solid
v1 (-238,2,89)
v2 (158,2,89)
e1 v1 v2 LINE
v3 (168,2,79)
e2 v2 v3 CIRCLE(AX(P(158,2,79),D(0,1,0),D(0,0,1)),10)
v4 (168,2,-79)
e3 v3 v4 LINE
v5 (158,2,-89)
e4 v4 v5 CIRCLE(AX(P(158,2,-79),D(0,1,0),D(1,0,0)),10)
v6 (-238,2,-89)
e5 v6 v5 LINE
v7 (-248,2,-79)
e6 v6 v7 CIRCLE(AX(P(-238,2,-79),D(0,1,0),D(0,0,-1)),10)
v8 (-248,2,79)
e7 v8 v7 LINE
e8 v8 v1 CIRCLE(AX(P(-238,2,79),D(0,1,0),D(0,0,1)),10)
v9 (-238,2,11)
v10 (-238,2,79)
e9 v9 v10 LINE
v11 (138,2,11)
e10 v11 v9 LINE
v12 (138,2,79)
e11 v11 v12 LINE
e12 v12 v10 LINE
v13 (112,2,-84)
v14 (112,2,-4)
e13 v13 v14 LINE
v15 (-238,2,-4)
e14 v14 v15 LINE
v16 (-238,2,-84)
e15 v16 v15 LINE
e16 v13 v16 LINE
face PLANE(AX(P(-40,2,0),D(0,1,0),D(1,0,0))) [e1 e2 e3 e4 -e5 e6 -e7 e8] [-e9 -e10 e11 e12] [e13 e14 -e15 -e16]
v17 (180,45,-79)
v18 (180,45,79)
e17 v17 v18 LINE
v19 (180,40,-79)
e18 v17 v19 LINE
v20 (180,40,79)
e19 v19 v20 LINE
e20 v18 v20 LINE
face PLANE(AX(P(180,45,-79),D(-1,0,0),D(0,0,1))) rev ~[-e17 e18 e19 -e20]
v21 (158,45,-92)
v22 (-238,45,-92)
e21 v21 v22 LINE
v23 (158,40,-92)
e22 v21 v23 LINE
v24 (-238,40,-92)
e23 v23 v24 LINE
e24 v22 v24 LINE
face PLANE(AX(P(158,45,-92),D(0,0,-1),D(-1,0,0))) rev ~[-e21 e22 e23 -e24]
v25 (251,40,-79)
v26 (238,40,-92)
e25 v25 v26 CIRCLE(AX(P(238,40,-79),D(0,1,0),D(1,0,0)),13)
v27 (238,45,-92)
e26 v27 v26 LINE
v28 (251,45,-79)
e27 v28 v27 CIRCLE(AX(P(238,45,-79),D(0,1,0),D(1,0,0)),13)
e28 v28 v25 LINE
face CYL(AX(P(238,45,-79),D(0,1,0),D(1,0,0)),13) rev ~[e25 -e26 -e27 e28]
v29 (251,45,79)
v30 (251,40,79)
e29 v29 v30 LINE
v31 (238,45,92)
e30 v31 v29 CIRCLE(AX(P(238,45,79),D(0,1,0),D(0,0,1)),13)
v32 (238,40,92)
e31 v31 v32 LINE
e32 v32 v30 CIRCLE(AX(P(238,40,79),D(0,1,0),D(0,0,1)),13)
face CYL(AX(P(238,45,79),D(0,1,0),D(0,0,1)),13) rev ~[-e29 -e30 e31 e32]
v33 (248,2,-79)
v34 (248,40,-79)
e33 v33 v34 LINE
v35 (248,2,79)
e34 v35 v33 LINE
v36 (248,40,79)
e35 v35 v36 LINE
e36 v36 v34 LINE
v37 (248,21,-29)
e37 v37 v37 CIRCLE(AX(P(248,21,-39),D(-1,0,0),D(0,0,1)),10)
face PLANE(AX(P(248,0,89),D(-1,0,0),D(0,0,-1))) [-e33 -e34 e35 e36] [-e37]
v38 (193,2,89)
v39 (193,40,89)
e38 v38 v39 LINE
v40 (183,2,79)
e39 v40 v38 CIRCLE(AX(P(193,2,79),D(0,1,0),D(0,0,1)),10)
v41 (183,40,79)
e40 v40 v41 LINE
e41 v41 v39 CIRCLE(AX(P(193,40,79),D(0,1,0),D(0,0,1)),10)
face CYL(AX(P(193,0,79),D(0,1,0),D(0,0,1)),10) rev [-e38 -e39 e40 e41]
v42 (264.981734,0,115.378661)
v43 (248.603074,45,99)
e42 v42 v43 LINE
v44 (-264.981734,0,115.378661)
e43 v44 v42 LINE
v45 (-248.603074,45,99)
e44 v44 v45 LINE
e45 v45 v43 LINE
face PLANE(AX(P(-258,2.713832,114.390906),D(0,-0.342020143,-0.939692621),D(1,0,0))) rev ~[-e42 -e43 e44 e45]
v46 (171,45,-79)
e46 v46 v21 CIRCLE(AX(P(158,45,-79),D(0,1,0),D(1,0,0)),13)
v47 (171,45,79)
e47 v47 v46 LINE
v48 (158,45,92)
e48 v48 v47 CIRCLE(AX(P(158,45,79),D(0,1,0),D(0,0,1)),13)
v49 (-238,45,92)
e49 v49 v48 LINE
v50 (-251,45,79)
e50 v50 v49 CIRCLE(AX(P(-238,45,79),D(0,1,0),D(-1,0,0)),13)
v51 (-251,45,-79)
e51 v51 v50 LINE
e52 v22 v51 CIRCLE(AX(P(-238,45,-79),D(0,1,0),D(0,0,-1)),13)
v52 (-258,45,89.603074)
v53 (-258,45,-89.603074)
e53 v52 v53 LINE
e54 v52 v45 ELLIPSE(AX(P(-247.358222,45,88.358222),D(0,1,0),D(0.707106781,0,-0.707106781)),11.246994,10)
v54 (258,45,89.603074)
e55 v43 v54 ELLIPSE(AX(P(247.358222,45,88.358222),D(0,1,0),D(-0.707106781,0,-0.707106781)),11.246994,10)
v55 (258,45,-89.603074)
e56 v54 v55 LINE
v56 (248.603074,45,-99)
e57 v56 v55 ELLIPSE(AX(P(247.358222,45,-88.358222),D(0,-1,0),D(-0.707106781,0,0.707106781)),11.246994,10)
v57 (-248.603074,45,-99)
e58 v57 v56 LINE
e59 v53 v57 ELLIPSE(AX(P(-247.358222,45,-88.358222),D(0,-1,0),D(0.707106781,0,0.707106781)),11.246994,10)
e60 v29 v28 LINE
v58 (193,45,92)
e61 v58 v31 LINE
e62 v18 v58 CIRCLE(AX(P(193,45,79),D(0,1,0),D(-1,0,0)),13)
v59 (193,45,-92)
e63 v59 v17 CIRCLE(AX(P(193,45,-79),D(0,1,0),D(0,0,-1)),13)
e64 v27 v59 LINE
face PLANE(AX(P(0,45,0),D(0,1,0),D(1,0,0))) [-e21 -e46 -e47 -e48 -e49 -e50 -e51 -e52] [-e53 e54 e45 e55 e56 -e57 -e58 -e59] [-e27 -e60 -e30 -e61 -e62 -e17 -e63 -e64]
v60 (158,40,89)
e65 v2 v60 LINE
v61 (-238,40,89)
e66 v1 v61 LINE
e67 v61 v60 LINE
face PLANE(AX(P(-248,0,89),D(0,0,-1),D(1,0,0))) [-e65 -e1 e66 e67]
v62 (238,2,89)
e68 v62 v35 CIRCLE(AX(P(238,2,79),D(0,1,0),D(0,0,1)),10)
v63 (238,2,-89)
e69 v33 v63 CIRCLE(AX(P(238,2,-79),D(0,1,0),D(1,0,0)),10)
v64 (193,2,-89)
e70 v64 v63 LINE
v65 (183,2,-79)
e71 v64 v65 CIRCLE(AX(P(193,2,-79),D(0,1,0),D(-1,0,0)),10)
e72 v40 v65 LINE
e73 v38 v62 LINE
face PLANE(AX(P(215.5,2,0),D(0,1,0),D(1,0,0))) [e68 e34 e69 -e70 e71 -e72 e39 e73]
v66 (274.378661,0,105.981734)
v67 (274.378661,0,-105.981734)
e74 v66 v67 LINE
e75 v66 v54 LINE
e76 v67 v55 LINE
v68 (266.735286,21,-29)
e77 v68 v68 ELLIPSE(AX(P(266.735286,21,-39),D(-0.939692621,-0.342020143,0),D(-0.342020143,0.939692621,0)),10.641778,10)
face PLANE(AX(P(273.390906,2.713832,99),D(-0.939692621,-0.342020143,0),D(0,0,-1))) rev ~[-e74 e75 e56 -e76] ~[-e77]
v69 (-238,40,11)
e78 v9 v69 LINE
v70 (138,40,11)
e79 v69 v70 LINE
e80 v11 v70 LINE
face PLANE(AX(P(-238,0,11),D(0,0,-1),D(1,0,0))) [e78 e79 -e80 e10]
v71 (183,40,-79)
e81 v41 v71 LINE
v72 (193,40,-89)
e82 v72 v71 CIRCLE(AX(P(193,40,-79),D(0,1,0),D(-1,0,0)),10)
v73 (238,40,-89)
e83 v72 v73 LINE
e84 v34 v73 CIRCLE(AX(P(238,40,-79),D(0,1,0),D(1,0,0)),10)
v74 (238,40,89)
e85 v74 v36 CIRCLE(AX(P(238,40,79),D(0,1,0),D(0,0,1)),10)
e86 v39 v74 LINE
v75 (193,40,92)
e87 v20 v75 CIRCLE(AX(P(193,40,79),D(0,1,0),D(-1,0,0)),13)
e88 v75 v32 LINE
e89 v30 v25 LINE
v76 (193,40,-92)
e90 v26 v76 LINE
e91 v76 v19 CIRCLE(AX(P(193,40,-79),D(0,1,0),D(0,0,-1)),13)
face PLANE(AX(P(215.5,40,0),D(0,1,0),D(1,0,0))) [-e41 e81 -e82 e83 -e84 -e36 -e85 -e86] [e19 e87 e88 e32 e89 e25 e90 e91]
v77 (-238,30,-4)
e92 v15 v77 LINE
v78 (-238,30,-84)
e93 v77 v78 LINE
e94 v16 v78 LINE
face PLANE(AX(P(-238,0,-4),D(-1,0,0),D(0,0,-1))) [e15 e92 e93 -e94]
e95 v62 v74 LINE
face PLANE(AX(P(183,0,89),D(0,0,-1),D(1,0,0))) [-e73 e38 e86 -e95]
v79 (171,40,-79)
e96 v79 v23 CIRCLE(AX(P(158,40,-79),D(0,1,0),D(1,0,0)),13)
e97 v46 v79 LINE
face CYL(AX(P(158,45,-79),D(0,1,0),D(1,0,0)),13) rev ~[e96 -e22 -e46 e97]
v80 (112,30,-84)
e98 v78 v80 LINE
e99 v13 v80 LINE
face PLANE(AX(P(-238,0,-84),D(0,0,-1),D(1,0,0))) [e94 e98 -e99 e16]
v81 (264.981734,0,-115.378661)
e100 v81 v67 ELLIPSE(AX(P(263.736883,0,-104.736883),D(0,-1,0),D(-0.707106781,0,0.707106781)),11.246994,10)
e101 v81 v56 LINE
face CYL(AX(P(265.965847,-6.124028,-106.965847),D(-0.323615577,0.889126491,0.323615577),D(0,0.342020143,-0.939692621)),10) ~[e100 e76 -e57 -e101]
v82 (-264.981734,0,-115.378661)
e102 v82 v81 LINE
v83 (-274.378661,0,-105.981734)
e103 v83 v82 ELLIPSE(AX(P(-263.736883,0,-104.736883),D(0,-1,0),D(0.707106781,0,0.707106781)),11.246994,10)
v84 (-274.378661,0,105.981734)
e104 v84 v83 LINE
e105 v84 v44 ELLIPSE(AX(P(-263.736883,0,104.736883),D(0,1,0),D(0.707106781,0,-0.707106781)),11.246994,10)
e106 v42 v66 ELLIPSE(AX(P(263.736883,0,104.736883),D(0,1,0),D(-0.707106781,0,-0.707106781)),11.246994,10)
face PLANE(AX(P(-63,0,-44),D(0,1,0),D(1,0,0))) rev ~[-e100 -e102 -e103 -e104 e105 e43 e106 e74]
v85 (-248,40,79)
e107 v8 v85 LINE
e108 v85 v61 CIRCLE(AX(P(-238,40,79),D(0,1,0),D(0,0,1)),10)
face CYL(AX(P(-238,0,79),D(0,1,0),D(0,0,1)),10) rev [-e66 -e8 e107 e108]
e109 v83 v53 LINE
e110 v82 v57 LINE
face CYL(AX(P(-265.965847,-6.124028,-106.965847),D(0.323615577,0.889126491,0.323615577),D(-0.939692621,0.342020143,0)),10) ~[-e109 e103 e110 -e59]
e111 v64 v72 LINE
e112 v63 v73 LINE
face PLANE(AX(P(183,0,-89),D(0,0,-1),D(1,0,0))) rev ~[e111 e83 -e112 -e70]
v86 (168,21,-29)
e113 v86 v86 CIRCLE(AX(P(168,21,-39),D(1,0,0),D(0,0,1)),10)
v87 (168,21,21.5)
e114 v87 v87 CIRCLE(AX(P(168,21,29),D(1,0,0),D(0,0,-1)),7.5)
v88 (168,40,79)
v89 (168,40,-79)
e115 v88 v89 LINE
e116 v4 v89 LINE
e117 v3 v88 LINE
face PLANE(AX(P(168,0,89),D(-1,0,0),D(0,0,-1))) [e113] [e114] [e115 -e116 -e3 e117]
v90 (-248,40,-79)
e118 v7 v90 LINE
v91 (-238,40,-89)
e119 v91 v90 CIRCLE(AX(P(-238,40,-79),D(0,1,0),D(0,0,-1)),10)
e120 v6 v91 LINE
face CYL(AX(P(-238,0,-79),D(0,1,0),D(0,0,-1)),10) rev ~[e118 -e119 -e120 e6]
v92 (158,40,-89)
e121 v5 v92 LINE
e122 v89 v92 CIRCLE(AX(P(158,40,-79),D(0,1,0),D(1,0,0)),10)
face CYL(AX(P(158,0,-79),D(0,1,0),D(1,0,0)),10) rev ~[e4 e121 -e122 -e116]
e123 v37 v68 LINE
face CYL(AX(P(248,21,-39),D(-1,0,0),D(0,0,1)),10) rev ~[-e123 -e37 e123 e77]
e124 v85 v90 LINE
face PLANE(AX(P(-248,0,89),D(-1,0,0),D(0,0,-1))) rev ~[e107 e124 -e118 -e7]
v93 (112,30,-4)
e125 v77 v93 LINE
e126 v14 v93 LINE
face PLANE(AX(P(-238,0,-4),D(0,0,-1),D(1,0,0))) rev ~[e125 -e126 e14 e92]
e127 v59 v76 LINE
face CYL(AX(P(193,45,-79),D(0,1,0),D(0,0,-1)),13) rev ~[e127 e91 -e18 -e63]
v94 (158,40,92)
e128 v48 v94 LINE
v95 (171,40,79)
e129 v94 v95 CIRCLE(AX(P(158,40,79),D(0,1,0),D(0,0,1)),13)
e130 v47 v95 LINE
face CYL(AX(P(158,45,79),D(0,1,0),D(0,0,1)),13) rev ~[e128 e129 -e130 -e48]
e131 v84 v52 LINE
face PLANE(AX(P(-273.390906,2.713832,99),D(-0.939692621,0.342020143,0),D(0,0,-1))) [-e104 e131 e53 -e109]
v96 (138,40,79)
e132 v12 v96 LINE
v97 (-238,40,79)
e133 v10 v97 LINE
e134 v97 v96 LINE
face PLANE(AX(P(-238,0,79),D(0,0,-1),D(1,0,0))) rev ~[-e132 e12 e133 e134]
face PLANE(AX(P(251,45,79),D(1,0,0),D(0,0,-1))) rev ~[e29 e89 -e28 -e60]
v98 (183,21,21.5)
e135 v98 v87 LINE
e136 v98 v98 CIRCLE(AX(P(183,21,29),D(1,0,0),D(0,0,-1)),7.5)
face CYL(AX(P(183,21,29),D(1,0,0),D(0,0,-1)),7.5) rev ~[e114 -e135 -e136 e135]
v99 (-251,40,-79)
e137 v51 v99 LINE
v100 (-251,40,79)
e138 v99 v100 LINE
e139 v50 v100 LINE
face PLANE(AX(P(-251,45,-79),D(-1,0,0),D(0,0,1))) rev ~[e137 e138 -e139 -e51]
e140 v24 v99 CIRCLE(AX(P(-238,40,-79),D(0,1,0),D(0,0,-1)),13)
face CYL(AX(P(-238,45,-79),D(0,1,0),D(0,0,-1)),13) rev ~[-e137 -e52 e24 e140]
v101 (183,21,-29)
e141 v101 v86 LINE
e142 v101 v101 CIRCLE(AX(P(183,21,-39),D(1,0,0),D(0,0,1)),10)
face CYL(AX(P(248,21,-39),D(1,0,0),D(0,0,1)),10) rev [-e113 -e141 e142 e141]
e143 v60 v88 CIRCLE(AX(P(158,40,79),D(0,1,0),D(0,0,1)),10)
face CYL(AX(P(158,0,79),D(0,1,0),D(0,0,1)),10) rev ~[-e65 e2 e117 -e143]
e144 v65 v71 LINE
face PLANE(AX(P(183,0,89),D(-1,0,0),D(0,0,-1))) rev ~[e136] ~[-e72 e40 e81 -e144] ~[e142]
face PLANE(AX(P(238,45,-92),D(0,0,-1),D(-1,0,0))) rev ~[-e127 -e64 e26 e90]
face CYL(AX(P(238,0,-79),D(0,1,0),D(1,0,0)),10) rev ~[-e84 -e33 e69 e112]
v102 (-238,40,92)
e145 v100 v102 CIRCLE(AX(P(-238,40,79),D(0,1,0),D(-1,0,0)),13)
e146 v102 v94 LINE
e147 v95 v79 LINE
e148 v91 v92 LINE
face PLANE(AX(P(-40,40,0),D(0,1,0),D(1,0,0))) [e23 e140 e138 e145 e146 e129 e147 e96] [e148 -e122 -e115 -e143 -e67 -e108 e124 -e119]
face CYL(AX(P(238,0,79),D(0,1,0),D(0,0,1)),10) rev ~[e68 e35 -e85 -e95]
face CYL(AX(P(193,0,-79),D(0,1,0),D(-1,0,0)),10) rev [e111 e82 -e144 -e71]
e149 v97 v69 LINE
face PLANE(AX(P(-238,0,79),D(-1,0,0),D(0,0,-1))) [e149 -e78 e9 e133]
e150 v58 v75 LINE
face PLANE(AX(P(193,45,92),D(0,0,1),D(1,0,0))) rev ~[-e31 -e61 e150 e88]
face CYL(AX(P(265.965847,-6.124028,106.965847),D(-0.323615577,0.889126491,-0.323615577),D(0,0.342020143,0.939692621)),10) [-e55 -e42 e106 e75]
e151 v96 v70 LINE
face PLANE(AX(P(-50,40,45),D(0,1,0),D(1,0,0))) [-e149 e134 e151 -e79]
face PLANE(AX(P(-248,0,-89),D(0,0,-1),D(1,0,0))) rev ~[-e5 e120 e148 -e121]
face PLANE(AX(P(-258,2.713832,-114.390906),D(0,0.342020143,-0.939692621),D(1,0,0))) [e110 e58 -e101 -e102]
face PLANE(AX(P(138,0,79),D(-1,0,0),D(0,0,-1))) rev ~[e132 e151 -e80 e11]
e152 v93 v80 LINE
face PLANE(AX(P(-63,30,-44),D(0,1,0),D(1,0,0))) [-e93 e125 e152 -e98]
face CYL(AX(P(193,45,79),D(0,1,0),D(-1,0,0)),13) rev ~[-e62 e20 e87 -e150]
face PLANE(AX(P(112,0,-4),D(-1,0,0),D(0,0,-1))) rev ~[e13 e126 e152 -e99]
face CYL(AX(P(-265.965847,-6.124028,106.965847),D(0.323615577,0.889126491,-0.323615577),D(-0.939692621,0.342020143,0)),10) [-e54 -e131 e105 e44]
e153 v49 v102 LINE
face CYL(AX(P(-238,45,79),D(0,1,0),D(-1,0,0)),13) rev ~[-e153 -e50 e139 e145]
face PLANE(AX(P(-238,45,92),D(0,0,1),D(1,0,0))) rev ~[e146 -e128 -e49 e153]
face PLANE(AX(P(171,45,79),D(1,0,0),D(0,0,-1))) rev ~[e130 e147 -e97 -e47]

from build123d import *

# Parameters (mm, degrees)
SKETCH2_W                      = 516
SKETCH2_H                      = 198
SKETCH2_W_2                    = 65
SKETCH2_H_2                    = 178
SKETCH2_W_3                    = 416
BOSS_EXTRUDE2_DEPTH            = 45
DRAFT3_ANGLE                   = 20
FILLET1_R                      = 10
SKETCH2_3_W                    = 416
SKETCH2_3_H                    = 178
SKETCH2_3_W_2                  = 350
SKETCH2_3_H_2                  = 80
SKETCH2_3_W_3                  = 376
SKETCH2_3_H_3                  = 68
SKETCH2_3_W_4                  = 65
BOSS_EXTRUDE3_DEPTH            = 2
CUT_EXTRUDE1_DEPTH             = 5
SKETCH2_5_W                    = 376
SKETCH2_5_H                    = 68
BOSS_EXTRUDE4_DEPTH            = 40
SKETCH2_6_W                    = 350
SKETCH2_6_H                    = 80
BOSS_EXTRUDE5_DEPTH            = 30
CUT_EXTRUDE2_REACH             = 538.858
SKETCH4_R                      = 10
CUT_EXTRUDE2_DIRECTION_2_DEPTH = 54
SKETCH5_R                      = 7.5
CUT_EXTRUDE3_DEPTH             = 15


with BuildPart() as part:
    # Sketch2 → Boss-Extrude2 (new body)
    with BuildSketch(Plane(origin=(0, 0, 0), x_dir=(1, 0, 0), z_dir=(0, 1, 0))):
        Rectangle(SKETCH2_W, SKETCH2_H)
        with Locations((215.5, 0)):
            Rectangle(SKETCH2_W_2, SKETCH2_H_2, mode=Mode.SUBTRACT)
        with Locations((-40, 0)):
            Rectangle(SKETCH2_W_3, SKETCH2_H_2, mode=Mode.SUBTRACT)
    extrude(amount=BOSS_EXTRUDE2_DEPTH)

    # Draft3
    draft3_faces = [part.faces().sort_by_distance(p)[0] for p in [
        (0, 22.5, -99),
        (258, 22.5, 0),
        (0, 22.5, 99),
        (-258, 22.5, 0),
    ]]
    draft(draft3_faces, Plane.ZX.offset(45), DRAFT3_ANGLE)

    # Fillet1
    fillet1_edges = [part.edges().sort_by_distance(p)[0] for p in [
        (-248, 22.5, 89),
        (168, 22.5, 89),
        (168, 22.5, -89),
        (-248, 22.5, -89),
        (-266.189330271, 22.5, -107.189330271),
        (266.189330271, 22.5, -107.189330271),
        (266.189330271, 22.5, 107.189330271),
        (-266.189330271, 22.5, 107.189330271),
        (248, 22.5, 89),
        (248, 22.5, -89),
        (183, 22.5, -89),
        (183, 22.5, 89),
    ]]
    fillet(fillet1_edges, radius=FILLET1_R)

    # Sketch2<3> → Boss-Extrude3 (add)
    # profile 1 of 4: a face of its own
    with BuildSketch(Plane(origin=(0, 0, 0), x_dir=(1, 0, 0), z_dir=(0, 1, 0))):
        with Locations((-40, 0)):
            Rectangle(SKETCH2_3_W, SKETCH2_3_H)
        with Locations((-63, 44)):
            Rectangle(SKETCH2_3_W_2, SKETCH2_3_H_2, mode=Mode.SUBTRACT)
        with Locations((-50, -45)):
            Rectangle(SKETCH2_3_W_3, SKETCH2_3_H_3, mode=Mode.SUBTRACT)
    # profile 2 of 4: a face of its own
    with BuildSketch(Plane(origin=(0, 0, 0), x_dir=(1, 0, 0), z_dir=(0, 1, 0))):
        with Locations((-50, -45)):
            Rectangle(SKETCH2_3_W_3, SKETCH2_3_H_3)
    # profile 3 of 4: a face of its own
    with BuildSketch(Plane(origin=(0, 0, 0), x_dir=(1, 0, 0), z_dir=(0, 1, 0))):
        with Locations((-63, 44)):
            Rectangle(SKETCH2_3_W_2, SKETCH2_3_H_2)
    # profile 4 of 4: a face of its own
    with BuildSketch(Plane(origin=(0, 0, 0), x_dir=(1, 0, 0), z_dir=(0, 1, 0))):
        with Locations((215.5, 0)):
            Rectangle(SKETCH2_3_W_4, SKETCH2_3_H)
    extrude(amount=BOSS_EXTRUDE3_DEPTH)

    # Sketch3 → Cut-Extrude1 (cut)
    with BuildSketch(Plane(origin=(0, 45, 0), x_dir=(1, 0, 0), z_dir=(0, 1, 0))):
        with BuildLine():
            Line((171, -79), (171, 79))
            ThreePointArc((171, 79), (167.192388155, 88.192388155), (158, 92))
            Line((158, 92), (-238, 92))
            ThreePointArc((-238, 92), (-247.192388155, 88.192388155), (-251, 79))
            Line((-251, 79), (-251, -79))
            ThreePointArc((-251, -79), (-247.192388155, -88.192388155), (-238, -92))
            Line((-238, -92), (158, -92))
            ThreePointArc((158, -92), (167.192388155, -88.192388155), (171, -79))
        make_face()
        with BuildLine():
            Line((193, -92), (238, -92))
            ThreePointArc((238, -92), (247.192388155, -88.192388155), (251, -79))
            Line((251, -79), (251, 79))
            ThreePointArc((251, 79), (247.192388155, 88.192388155), (238, 92))
            Line((238, 92), (193, 92))
            ThreePointArc((193, 92), (183.807611845, 88.192388155), (180, 79))
            Line((180, 79), (180, -79))
            ThreePointArc((180, -79), (183.807611845, -88.192388155), (193, -92))
        make_face()
    extrude(amount=-CUT_EXTRUDE1_DEPTH, mode=Mode.SUBTRACT)

    # Sketch2<5> → Boss-Extrude4 (add)
    with BuildSketch(Plane(origin=(0, 0, 0), x_dir=(1, 0, 0), z_dir=(0, 1, 0))):
        with Locations((-50, -45)):
            Rectangle(SKETCH2_5_W, SKETCH2_5_H)
    extrude(amount=BOSS_EXTRUDE4_DEPTH)

    # Sketch2<6> → Boss-Extrude5 (add)
    with BuildSketch(Plane(origin=(0, 0, 0), x_dir=(1, 0, 0), z_dir=(0, 1, 0))):
        with Locations((-63, 44)):
            Rectangle(SKETCH2_6_W, SKETCH2_6_H)
    extrude(amount=BOSS_EXTRUDE5_DEPTH)

    # Cut-Extrude2: up to this face of the body (flat: up to its plane)
    cut_extrude2_end = Plane(part.part.faces().sort_by_distance((168, 21, 0))[0])
    # Sketch4 → Cut-Extrude2 (cut, up to the picked face)
    with BuildSketch(Plane.ZY.offset(-248), mode=Mode.PRIVATE) as cut_extrude2_sk1:
        with Locations((-39, 21)):
            Circle(SKETCH4_R)
    cut_extrude2_tool1 = split(extrude(cut_extrude2_sk1.sketch, amount=CUT_EXTRUDE2_REACH, mode=Mode.PRIVATE), bisect_by=cut_extrude2_end, keep=Keep.BOTH, mode=Mode.PRIVATE)
    add(cut_extrude2_tool1.solids().sort_by(Axis((248, 21, -39), (-1, 0, 0)))[0], mode=Mode.SUBTRACT)

    # Sketch4 → Cut-Extrude2 direction 2 (cut)
    with BuildSketch(Plane.ZY.offset(-248)):
        with Locations((-39, 21)):
            Circle(SKETCH4_R)
    extrude(amount=-CUT_EXTRUDE2_DIRECTION_2_DEPTH, mode=Mode.SUBTRACT)

    # Sketch5 → Cut-Extrude3 (cut)
    with BuildSketch(Plane(origin=(183, 0, 0), x_dir=(0, 0, -1), z_dir=(1, 0, 0))):
        with Locations((-29, 21)):
            Circle(SKETCH5_R)
    extrude(amount=-CUT_EXTRUDE3_DEPTH, mode=Mode.SUBTRACT)


solid = part.part
